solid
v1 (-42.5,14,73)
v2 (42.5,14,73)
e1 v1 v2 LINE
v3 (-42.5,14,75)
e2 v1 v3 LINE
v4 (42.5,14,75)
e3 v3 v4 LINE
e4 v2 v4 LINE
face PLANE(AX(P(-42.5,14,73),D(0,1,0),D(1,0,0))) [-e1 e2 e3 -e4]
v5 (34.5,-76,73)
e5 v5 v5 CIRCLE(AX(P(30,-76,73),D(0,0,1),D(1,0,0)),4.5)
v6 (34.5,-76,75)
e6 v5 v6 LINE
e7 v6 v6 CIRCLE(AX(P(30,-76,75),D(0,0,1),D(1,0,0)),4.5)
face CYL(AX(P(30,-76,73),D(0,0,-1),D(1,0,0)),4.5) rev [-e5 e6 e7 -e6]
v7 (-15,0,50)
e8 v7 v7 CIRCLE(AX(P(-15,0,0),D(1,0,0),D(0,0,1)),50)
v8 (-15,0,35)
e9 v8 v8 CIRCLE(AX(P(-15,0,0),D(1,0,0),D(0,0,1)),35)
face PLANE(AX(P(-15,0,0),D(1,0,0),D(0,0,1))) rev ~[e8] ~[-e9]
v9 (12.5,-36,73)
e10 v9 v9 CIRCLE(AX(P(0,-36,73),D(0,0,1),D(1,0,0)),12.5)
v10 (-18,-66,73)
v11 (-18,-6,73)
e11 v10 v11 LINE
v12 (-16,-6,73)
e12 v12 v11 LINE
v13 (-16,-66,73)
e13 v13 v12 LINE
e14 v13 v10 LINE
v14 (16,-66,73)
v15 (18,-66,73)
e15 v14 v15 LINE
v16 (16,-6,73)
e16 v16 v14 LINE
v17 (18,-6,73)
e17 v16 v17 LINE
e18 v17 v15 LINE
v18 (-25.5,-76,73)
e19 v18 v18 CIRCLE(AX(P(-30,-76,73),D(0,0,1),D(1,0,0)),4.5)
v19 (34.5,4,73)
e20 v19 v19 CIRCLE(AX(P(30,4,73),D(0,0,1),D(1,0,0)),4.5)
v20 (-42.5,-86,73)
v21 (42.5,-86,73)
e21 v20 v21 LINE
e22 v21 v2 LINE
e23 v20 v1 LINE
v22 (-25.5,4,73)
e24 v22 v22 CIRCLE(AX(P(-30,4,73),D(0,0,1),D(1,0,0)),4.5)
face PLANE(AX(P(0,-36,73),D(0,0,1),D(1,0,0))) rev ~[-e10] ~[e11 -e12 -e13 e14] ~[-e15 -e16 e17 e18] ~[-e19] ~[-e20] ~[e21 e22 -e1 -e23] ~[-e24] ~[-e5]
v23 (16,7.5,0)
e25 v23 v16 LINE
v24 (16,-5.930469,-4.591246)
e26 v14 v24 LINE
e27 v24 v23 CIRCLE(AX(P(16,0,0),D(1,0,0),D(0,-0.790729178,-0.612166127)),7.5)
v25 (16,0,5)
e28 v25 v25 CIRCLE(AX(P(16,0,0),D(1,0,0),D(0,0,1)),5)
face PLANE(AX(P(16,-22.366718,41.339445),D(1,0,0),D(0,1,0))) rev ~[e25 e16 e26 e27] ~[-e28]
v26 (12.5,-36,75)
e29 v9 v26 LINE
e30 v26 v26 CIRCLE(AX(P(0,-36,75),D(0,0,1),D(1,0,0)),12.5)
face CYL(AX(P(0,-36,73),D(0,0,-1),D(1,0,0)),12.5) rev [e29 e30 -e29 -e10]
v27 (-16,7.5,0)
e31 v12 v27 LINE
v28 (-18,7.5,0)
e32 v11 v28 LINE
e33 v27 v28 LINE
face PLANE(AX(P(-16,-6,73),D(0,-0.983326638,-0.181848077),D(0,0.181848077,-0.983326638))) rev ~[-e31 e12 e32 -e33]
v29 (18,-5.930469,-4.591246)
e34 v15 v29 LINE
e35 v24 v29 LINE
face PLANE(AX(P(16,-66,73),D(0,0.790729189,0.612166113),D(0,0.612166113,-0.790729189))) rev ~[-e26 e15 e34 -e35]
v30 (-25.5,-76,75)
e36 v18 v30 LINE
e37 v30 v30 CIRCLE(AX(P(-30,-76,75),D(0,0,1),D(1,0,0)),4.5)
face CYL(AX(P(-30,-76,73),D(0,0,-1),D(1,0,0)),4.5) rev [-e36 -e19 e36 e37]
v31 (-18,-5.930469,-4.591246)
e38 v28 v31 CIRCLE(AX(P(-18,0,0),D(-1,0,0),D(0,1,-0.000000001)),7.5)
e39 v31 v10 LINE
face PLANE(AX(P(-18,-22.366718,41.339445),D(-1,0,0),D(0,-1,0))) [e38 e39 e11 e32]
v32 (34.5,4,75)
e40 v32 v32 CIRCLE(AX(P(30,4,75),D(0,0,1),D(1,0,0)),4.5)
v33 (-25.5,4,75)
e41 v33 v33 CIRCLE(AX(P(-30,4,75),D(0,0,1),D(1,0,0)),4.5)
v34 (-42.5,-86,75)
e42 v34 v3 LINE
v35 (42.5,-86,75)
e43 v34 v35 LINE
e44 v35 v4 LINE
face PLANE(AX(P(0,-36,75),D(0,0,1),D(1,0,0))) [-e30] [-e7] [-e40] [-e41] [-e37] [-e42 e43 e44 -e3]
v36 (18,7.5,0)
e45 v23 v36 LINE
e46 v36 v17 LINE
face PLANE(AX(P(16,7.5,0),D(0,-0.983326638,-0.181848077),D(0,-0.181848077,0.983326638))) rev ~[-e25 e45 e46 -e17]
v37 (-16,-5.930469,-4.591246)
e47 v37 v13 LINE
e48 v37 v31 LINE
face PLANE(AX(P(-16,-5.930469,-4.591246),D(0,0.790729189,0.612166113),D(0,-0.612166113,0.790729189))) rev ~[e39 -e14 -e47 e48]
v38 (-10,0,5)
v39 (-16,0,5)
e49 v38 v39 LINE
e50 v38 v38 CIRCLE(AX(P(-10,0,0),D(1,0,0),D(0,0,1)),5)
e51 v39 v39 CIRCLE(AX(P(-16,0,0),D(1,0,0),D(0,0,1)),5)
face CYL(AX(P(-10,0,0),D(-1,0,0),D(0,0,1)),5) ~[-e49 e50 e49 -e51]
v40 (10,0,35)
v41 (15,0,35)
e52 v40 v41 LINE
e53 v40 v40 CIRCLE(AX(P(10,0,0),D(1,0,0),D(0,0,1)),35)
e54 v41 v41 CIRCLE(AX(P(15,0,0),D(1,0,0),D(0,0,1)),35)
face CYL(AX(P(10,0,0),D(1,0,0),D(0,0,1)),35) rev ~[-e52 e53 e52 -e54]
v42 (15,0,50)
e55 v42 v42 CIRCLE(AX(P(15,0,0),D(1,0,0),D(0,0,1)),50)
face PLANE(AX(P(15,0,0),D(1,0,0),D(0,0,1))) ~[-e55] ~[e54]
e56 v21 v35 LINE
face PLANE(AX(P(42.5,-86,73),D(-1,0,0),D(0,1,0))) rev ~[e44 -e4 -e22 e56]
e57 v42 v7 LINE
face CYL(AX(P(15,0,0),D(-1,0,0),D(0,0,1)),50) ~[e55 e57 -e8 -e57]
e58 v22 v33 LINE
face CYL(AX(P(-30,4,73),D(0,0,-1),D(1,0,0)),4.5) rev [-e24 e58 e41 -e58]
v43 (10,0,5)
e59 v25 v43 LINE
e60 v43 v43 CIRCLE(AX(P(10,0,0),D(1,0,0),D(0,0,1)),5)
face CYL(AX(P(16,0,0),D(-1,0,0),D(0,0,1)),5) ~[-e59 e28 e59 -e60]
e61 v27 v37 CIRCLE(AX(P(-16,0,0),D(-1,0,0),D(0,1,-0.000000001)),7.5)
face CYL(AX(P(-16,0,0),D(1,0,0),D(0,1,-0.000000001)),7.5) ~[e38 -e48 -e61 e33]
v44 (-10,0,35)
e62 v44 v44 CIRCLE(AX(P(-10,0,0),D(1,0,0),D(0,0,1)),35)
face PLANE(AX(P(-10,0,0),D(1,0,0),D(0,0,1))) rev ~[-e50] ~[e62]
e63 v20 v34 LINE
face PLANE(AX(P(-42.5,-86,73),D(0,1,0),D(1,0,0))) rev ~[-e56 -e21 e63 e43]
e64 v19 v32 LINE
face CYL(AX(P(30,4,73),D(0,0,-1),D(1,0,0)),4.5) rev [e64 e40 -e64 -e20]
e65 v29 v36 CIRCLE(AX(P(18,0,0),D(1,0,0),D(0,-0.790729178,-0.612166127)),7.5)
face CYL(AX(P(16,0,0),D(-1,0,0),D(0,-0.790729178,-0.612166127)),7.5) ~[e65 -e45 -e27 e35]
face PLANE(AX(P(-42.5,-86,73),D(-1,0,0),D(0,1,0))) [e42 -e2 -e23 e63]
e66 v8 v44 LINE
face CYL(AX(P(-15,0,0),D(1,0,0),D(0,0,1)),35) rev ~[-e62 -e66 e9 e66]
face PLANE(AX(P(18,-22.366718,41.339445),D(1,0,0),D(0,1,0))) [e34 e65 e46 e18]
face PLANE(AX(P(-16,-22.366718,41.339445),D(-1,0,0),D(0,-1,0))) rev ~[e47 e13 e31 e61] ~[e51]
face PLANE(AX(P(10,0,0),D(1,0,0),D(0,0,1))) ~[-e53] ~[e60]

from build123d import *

# Parameters (mm, degrees)
F3_DEPTH = 2
F5_DEPTH = 2
F6_W     = 85
F6_H     = 100
F6_R     = 4.5
F6_R_2   = 12.5
F7_DEPTH = 2


with BuildPart() as f1:
    # F0 (on Front) → F1 (revolve)
    with BuildSketch(Plane.XZ):
        Polygon((16, 5), (10, 5), (10, 35), (15, 35), (15, 50), (-15, 50), (-15, 35), (-10, 35), (-10, 5), (-16, 5), (-16, 0), (16, 0), align=None)
    revolve(axis=Axis((0, 0, 0), (1, 0, 0)))

    # F2 (on face) → F3 (join)
    with BuildSketch(Plane(origin=(-16, 0, 0), x_dir=(0, -1, 0), z_dir=(-1, 0, 0))):
        with BuildLine():
            Line((6, 73), (-7.5, 0))
            ThreePointArc((-7.5, 0), (-2.426055, -7.096778), (5.930469, -4.591246))
            Line((5.930469, -4.591246), (66, 73))
            Line((66, 73), (6, 73))
        make_face()
    extrude(amount=F3_DEPTH)

    # F4 (on face) → F5 (join)
    with BuildSketch(Plane.YZ.offset(16)):
        with BuildLine():
            ThreePointArc((-5.930469, -4.591246), (2.426055, -7.096778), (7.5, 0))
            Line((7.5, 0), (-6, 73))
            Line((-6, 73), (-66, 73))
            Line((-66, 73), (-5.930469, -4.591246))
        make_face()
    extrude(amount=F5_DEPTH)

    # F6 (on face) → F7 (join)
    with BuildSketch(Plane.XY.offset(73)):
        with Locations((0, -36)):
            Rectangle(F6_W, F6_H)
        with Locations((-30, -76)):
            Circle(F6_R, mode=Mode.SUBTRACT)
        with Locations((30, -76)):
            Circle(F6_R, mode=Mode.SUBTRACT)
        with Locations((-30, 4)):
            Circle(F6_R, mode=Mode.SUBTRACT)
        with Locations((0, -36)):
            Circle(F6_R_2, mode=Mode.SUBTRACT)
        with Locations((30, 4)):
            Circle(F6_R, mode=Mode.SUBTRACT)
    extrude(amount=F7_DEPTH)


solid = f1.part
